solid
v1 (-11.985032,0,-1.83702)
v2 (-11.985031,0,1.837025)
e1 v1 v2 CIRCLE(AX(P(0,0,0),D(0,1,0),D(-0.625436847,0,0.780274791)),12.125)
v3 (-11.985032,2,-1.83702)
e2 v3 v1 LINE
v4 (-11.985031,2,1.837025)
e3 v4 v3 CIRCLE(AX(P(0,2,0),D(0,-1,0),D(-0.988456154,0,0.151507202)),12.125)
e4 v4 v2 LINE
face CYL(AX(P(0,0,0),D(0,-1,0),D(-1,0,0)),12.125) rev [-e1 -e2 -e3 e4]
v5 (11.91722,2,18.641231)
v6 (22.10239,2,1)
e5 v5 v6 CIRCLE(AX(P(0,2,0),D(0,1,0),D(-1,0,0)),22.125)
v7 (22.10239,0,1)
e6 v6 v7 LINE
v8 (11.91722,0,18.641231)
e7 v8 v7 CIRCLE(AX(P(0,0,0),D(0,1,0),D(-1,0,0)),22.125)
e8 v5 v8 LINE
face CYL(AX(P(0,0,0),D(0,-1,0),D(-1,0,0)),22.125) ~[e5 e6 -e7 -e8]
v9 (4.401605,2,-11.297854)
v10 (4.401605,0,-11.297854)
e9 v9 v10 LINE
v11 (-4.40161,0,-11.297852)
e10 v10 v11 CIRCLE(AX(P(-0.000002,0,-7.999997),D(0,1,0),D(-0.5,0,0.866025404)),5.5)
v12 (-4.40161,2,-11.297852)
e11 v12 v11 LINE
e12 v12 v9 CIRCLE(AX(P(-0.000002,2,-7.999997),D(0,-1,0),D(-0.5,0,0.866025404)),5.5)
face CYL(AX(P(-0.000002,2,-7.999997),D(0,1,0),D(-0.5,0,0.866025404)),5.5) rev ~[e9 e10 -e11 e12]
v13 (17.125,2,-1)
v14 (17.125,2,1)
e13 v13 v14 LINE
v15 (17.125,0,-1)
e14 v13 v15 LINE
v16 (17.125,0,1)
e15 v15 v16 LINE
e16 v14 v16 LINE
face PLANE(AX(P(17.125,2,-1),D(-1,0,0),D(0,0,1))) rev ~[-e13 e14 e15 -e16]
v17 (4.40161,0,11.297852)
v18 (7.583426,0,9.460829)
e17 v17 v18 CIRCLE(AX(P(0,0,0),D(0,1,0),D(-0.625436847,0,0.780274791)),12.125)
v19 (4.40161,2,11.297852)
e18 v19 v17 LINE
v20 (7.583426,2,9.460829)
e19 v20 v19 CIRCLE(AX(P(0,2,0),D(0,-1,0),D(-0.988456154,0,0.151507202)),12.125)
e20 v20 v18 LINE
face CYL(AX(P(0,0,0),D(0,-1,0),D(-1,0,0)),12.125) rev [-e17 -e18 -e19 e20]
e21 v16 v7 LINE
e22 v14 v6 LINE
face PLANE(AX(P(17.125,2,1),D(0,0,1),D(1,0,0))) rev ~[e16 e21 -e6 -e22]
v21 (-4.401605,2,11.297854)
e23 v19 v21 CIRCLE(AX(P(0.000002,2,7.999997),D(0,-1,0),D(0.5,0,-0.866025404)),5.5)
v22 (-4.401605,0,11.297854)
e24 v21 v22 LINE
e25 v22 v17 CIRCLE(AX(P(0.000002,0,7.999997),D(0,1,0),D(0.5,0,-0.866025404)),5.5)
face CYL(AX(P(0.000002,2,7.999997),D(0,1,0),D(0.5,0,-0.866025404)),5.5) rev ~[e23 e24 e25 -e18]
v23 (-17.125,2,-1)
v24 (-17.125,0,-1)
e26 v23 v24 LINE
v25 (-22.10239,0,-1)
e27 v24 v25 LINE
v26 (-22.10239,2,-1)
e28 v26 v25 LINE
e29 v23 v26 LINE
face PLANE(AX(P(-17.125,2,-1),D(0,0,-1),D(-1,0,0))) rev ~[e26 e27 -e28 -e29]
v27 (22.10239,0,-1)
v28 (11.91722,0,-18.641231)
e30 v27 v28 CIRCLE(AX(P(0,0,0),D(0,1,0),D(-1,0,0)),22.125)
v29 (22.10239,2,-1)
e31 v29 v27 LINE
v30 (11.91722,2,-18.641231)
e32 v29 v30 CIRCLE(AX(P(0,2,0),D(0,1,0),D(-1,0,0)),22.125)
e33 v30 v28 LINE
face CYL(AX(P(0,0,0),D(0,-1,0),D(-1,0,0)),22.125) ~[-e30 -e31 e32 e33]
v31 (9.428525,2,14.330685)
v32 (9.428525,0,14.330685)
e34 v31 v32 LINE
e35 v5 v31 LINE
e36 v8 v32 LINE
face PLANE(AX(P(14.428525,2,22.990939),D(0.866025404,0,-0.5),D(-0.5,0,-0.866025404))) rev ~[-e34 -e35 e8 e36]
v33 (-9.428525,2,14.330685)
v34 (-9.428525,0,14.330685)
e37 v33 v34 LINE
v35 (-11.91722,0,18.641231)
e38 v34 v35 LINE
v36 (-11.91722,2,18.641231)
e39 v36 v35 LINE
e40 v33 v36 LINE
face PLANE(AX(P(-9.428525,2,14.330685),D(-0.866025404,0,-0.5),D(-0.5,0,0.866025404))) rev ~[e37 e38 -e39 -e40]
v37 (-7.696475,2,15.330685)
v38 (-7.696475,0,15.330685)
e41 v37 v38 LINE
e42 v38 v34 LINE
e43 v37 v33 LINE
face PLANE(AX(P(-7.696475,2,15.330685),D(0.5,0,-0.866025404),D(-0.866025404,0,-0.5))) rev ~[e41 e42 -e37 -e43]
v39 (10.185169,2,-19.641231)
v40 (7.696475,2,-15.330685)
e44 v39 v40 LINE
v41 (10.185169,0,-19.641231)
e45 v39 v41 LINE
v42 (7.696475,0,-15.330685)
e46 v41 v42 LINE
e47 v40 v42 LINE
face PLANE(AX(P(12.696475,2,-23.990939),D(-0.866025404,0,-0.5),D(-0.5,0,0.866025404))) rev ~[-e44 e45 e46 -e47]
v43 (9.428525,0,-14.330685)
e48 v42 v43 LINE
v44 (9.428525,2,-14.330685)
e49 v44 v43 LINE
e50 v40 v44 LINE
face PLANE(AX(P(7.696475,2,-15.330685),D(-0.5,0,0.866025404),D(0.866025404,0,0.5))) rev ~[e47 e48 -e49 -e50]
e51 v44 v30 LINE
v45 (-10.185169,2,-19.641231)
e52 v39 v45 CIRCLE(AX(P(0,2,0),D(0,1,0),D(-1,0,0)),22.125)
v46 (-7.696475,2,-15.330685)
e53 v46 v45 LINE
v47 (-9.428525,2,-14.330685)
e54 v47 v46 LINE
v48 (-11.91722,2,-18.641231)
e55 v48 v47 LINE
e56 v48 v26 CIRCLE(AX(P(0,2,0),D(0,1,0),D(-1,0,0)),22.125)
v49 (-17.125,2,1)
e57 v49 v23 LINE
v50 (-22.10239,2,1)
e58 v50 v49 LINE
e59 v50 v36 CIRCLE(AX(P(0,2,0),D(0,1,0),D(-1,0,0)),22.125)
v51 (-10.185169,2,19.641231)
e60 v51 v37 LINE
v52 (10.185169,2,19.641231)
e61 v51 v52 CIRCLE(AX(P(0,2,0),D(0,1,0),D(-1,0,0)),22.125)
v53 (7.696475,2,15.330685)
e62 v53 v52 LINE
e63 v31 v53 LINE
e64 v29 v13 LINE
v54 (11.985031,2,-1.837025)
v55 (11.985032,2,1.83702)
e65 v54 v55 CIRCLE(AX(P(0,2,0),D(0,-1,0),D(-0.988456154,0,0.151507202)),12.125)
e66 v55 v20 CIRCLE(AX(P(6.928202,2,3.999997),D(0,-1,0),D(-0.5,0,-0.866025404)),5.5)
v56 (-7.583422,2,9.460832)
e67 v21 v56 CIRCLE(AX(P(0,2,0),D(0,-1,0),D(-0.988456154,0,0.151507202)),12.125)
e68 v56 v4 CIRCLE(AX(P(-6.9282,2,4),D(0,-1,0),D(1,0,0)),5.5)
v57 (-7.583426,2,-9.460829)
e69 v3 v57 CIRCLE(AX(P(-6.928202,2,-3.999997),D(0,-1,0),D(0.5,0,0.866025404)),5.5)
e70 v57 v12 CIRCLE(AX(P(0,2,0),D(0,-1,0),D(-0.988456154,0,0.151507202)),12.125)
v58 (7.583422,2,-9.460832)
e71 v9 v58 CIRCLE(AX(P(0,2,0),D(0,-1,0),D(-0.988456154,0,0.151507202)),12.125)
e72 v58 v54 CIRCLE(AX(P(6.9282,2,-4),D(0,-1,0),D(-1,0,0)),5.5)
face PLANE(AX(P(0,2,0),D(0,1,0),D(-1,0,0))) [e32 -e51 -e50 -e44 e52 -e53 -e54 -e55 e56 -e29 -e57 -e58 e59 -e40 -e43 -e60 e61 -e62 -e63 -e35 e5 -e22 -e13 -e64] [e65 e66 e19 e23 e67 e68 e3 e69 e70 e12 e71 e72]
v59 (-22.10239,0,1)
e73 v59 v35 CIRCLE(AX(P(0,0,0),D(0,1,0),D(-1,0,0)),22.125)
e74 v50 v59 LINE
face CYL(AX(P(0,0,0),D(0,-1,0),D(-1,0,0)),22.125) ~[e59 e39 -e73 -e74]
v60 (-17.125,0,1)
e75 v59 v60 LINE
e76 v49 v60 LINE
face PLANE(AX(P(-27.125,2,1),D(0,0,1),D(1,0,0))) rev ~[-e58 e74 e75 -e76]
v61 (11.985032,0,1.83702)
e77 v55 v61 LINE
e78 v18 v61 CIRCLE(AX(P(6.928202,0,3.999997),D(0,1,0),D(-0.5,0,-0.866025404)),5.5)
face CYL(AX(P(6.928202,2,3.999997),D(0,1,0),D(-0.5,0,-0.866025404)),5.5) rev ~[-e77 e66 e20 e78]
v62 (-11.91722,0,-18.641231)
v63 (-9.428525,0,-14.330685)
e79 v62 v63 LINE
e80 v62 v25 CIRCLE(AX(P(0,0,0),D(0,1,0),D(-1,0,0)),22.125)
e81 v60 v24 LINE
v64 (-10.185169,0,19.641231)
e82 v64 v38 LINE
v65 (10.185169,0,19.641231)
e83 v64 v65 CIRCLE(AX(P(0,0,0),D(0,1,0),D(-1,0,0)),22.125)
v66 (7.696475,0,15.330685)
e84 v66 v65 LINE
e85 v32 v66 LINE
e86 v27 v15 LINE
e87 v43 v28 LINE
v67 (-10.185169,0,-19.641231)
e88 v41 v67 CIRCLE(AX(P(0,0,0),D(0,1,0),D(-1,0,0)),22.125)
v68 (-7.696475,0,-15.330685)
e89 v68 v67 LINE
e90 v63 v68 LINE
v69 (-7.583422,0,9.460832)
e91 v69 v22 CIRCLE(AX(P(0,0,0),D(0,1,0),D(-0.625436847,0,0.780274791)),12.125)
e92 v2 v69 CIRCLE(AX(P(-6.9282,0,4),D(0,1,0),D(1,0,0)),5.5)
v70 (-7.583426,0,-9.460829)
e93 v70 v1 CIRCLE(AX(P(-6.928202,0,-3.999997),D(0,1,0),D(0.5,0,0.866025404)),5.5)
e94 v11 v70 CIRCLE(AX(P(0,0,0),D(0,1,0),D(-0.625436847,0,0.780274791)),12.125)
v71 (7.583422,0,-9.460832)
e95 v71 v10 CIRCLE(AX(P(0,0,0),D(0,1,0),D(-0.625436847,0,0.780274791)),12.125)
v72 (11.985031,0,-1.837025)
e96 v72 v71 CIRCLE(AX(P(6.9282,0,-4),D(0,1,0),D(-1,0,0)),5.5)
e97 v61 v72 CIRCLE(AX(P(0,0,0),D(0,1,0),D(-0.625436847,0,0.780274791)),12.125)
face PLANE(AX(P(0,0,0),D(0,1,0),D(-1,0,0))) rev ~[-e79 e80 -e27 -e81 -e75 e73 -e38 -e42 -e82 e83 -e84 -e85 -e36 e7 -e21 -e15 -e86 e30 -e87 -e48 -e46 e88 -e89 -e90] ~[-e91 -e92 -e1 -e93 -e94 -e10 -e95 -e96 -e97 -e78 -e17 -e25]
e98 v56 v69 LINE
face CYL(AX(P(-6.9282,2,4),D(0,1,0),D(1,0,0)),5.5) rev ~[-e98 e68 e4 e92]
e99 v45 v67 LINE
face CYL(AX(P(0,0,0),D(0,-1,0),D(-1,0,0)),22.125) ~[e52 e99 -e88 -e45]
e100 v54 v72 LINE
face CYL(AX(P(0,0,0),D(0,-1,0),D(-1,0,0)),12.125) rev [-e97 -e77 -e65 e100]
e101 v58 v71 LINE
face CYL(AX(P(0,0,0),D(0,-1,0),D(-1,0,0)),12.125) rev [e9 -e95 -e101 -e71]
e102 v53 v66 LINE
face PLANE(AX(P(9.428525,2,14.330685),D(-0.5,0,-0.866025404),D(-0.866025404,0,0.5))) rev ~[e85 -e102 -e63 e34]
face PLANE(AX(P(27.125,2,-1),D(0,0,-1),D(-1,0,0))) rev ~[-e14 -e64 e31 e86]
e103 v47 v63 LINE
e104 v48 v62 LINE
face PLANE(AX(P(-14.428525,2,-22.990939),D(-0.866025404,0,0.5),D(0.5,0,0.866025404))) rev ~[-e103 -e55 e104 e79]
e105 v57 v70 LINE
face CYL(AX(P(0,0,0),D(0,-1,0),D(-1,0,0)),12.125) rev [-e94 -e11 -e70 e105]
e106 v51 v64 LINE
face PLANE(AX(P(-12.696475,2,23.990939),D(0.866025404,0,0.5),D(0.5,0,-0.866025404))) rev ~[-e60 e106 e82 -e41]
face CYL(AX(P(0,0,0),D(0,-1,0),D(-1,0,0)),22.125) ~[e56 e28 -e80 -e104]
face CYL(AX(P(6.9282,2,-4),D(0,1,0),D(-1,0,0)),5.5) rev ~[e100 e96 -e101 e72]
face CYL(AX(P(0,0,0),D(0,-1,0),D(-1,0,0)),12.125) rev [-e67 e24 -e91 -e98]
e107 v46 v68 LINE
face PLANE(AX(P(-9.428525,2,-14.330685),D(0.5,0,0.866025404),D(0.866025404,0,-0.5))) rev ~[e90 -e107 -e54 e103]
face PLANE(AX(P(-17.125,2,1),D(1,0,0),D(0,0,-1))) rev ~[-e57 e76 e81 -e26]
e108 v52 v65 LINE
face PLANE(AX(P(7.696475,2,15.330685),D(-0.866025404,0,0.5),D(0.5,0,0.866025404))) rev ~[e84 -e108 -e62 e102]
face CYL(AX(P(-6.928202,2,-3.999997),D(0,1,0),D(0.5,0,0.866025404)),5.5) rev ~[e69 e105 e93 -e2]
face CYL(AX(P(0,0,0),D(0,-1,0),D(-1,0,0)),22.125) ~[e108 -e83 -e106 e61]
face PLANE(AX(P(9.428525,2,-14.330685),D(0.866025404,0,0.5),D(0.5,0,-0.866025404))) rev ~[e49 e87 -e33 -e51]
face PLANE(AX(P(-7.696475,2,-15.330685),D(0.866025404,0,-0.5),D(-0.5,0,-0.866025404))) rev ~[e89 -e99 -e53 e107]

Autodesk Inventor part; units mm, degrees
ref_plane "YZ Plane" through (0, 0, 0) normal (1, 0, 0) x (0, 1, 0)
ref_plane "XZ Plane" through (0, 0, 0) normal (0, 1, 0) x (-1, 0, 0)
ref_plane "XY Plane" through (0, 0, 0) normal (0, 0, 1) x (1, 0, 0)
sketch "Sketch1" plane through (0, 0, 0) normal (0, 1, 0) x (-1, 0, 0)
  circle A0 centre (0, 0) radius 22.125
  circle A1 centre (0, 0) radius 12.125
  dimension "d0" = 44.25
  dimension "d1" = 24.25
extrude "Extrusion1" add sketch "Sketch1" along normal blind 2
sketch "Sketch2" plane through (0, 2, 0) normal (0, 1, 0) x (1, 0, 0)
  line L0 (-27.125, -1) -> (-17.125, -1)
  line L1 (-17.125, -1) -> (-17.125, 1)
  line L2 (-17.125, 1) -> (-27.125, 1)
  line L3 (-27.125, 1) -> (-27.125, -1)
  point P0 (0, 0)
  dimension "d4" = 1
  dimension "d5" = 2
  dimension "d6" = 10
  dimension "d7" = 17.125
extrude "Extrusion2" cut sketch "Sketch2" against normal blind 2
pattern_circular "Circular Pattern1" count 6 over 360 about axis through (0, -10, 0) along (0, 1, 0) of "Extrusion2"
sketch "Sketch3" plane through (0, 2, 0) normal (0, 1, 0) x (1, 0, 0)
  circle A0 centre (-6.9282, -4) radius 5.5
  line L0 (-6.9282, -4) -> (0, 0) construction
  line L1 (-37.5572, 0) -> (32.0456, 0) projected
  dimension "d13" = 11
  dimension "d14" = 30
  dimension "d15" = 4
extrude "Extrusion3" cut sketch "Sketch3" against normal blind 2
pattern_circular "Circular Pattern2" count 6 over 360 about axis through (0, -10, 0) along (0, 1, 0) of "Extrusion3"
properties part number "Ring_n4"
